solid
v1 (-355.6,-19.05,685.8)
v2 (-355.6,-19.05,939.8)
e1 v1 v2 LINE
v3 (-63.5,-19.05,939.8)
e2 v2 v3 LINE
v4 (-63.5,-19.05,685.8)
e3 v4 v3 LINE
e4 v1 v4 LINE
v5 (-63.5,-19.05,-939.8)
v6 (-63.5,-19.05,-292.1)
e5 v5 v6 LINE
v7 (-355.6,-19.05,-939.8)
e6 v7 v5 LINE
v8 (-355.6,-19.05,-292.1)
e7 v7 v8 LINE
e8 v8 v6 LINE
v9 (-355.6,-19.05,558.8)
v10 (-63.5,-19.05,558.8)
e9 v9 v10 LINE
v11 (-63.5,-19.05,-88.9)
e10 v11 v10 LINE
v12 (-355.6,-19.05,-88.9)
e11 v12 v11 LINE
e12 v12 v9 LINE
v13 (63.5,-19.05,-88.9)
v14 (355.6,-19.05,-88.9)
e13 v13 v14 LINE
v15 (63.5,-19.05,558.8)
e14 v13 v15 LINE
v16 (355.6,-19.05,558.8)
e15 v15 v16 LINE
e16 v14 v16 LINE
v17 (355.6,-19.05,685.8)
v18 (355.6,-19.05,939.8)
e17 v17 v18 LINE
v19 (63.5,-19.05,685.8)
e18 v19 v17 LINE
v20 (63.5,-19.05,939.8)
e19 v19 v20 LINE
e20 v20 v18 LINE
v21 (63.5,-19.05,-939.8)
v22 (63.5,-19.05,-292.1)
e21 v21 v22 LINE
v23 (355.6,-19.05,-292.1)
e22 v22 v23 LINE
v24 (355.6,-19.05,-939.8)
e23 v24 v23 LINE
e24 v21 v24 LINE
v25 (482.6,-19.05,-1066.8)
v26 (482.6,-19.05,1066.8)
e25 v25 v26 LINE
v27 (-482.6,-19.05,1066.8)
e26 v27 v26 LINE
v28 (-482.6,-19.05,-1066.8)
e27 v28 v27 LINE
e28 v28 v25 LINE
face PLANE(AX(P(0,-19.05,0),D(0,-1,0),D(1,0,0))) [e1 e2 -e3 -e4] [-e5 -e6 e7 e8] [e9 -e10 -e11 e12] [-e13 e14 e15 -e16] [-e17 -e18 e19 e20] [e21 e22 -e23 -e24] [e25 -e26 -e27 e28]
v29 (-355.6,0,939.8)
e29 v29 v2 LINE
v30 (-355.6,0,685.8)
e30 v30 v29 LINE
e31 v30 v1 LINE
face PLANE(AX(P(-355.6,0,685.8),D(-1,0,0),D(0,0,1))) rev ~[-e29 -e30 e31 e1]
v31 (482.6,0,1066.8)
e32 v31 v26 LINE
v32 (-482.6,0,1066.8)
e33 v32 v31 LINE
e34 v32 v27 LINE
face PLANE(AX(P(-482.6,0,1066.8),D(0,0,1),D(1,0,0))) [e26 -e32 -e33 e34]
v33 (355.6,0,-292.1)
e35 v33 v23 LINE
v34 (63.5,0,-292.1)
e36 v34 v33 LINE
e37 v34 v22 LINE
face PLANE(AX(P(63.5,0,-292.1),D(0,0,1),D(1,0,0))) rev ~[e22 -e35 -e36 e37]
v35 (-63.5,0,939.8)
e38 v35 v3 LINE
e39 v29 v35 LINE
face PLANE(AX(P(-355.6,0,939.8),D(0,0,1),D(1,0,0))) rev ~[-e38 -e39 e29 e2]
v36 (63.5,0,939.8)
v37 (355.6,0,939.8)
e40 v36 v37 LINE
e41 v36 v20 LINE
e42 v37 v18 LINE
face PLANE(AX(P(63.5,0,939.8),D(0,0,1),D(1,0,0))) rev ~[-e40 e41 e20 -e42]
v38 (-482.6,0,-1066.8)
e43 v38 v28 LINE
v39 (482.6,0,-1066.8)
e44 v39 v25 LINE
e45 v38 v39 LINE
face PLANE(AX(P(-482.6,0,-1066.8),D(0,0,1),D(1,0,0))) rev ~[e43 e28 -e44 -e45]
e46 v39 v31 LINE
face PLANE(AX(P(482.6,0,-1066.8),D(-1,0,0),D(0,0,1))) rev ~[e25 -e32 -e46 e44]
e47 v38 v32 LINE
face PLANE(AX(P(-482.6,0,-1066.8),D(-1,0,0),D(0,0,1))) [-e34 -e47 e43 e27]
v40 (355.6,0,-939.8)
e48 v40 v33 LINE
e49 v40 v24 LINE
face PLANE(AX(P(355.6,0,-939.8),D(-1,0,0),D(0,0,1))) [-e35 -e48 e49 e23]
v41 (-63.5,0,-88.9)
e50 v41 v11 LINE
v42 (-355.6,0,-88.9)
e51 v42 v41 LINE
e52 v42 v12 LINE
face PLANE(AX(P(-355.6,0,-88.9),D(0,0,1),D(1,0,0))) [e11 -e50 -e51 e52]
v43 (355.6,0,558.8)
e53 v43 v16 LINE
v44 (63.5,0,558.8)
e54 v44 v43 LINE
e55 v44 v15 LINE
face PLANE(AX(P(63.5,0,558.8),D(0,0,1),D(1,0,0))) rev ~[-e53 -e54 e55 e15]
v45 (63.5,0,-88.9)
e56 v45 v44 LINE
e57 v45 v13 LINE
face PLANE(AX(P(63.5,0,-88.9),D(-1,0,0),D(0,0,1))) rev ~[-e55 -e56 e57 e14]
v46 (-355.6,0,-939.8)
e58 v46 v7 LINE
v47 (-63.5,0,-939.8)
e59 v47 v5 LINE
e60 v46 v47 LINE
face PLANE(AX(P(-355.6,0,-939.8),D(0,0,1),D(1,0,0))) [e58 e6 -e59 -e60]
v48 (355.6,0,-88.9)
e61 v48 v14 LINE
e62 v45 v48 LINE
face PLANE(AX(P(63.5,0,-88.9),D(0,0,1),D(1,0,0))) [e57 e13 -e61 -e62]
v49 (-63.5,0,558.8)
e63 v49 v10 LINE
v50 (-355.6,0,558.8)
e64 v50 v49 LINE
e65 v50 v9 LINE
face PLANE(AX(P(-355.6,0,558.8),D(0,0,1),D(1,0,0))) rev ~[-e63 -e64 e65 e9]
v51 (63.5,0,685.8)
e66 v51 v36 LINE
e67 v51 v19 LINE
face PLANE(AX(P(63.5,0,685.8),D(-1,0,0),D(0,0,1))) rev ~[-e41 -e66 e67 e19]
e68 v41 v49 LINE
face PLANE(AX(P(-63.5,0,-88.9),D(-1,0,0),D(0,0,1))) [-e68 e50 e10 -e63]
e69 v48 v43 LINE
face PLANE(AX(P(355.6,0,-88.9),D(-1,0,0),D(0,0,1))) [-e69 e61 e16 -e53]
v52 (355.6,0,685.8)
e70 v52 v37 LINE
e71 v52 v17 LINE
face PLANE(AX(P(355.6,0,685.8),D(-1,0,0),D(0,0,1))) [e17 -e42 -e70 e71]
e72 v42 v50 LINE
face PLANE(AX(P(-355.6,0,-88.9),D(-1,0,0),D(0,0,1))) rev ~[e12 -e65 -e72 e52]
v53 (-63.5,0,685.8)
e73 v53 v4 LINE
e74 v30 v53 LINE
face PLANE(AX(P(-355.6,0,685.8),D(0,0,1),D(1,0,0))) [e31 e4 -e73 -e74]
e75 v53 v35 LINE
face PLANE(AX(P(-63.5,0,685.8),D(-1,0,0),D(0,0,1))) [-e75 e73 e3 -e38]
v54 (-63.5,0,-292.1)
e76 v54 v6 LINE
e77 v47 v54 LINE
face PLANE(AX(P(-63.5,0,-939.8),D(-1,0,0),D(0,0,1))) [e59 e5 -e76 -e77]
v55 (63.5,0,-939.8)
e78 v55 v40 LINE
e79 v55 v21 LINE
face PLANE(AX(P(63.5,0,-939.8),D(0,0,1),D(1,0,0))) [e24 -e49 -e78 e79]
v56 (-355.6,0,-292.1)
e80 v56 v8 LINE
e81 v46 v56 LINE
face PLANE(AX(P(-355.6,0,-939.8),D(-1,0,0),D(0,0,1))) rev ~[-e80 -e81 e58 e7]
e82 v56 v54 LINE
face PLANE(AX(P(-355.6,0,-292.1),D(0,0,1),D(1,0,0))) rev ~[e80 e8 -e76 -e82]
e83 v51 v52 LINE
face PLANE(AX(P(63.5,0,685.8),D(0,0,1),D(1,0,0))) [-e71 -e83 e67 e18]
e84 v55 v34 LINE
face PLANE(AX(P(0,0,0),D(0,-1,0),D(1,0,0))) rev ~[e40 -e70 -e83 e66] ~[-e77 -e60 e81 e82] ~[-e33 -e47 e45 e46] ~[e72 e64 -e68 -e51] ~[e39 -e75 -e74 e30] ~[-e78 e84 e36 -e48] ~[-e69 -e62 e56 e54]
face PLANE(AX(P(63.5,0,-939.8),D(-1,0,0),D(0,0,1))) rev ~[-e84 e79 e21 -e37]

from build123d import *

# Parameters (mm, degrees)
F0_W     = 965.2
F0_H     = 2133.6
F0_W_2   = 292.1
F0_H_2   = 647.7
F0_H_3   = 254
F1_DEPTH = 19.05


with BuildPart() as f1:
    # F0 (on Front) → F1 (new body)
    with BuildSketch(Plane.XZ):
        Rectangle(F0_W, F0_H)
        with Locations((-209.55, -615.95)):
            Rectangle(F0_W_2, F0_H_2, mode=Mode.SUBTRACT)
        with Locations((209.55, -615.95)):
            Rectangle(F0_W_2, F0_H_2, mode=Mode.SUBTRACT)
        with Locations((-209.55, 234.95)):
            Rectangle(F0_W_2, F0_H_2, mode=Mode.SUBTRACT)
        with Locations((-209.55, 812.8)):
            Rectangle(F0_W_2, F0_H_3, mode=Mode.SUBTRACT)
        with Locations((209.55, 234.95)):
            Rectangle(F0_W_2, F0_H_2, mode=Mode.SUBTRACT)
        with Locations((209.55, 812.8)):
            Rectangle(F0_W_2, F0_H_3, mode=Mode.SUBTRACT)
    extrude(amount=F1_DEPTH)


solid = f1.part
